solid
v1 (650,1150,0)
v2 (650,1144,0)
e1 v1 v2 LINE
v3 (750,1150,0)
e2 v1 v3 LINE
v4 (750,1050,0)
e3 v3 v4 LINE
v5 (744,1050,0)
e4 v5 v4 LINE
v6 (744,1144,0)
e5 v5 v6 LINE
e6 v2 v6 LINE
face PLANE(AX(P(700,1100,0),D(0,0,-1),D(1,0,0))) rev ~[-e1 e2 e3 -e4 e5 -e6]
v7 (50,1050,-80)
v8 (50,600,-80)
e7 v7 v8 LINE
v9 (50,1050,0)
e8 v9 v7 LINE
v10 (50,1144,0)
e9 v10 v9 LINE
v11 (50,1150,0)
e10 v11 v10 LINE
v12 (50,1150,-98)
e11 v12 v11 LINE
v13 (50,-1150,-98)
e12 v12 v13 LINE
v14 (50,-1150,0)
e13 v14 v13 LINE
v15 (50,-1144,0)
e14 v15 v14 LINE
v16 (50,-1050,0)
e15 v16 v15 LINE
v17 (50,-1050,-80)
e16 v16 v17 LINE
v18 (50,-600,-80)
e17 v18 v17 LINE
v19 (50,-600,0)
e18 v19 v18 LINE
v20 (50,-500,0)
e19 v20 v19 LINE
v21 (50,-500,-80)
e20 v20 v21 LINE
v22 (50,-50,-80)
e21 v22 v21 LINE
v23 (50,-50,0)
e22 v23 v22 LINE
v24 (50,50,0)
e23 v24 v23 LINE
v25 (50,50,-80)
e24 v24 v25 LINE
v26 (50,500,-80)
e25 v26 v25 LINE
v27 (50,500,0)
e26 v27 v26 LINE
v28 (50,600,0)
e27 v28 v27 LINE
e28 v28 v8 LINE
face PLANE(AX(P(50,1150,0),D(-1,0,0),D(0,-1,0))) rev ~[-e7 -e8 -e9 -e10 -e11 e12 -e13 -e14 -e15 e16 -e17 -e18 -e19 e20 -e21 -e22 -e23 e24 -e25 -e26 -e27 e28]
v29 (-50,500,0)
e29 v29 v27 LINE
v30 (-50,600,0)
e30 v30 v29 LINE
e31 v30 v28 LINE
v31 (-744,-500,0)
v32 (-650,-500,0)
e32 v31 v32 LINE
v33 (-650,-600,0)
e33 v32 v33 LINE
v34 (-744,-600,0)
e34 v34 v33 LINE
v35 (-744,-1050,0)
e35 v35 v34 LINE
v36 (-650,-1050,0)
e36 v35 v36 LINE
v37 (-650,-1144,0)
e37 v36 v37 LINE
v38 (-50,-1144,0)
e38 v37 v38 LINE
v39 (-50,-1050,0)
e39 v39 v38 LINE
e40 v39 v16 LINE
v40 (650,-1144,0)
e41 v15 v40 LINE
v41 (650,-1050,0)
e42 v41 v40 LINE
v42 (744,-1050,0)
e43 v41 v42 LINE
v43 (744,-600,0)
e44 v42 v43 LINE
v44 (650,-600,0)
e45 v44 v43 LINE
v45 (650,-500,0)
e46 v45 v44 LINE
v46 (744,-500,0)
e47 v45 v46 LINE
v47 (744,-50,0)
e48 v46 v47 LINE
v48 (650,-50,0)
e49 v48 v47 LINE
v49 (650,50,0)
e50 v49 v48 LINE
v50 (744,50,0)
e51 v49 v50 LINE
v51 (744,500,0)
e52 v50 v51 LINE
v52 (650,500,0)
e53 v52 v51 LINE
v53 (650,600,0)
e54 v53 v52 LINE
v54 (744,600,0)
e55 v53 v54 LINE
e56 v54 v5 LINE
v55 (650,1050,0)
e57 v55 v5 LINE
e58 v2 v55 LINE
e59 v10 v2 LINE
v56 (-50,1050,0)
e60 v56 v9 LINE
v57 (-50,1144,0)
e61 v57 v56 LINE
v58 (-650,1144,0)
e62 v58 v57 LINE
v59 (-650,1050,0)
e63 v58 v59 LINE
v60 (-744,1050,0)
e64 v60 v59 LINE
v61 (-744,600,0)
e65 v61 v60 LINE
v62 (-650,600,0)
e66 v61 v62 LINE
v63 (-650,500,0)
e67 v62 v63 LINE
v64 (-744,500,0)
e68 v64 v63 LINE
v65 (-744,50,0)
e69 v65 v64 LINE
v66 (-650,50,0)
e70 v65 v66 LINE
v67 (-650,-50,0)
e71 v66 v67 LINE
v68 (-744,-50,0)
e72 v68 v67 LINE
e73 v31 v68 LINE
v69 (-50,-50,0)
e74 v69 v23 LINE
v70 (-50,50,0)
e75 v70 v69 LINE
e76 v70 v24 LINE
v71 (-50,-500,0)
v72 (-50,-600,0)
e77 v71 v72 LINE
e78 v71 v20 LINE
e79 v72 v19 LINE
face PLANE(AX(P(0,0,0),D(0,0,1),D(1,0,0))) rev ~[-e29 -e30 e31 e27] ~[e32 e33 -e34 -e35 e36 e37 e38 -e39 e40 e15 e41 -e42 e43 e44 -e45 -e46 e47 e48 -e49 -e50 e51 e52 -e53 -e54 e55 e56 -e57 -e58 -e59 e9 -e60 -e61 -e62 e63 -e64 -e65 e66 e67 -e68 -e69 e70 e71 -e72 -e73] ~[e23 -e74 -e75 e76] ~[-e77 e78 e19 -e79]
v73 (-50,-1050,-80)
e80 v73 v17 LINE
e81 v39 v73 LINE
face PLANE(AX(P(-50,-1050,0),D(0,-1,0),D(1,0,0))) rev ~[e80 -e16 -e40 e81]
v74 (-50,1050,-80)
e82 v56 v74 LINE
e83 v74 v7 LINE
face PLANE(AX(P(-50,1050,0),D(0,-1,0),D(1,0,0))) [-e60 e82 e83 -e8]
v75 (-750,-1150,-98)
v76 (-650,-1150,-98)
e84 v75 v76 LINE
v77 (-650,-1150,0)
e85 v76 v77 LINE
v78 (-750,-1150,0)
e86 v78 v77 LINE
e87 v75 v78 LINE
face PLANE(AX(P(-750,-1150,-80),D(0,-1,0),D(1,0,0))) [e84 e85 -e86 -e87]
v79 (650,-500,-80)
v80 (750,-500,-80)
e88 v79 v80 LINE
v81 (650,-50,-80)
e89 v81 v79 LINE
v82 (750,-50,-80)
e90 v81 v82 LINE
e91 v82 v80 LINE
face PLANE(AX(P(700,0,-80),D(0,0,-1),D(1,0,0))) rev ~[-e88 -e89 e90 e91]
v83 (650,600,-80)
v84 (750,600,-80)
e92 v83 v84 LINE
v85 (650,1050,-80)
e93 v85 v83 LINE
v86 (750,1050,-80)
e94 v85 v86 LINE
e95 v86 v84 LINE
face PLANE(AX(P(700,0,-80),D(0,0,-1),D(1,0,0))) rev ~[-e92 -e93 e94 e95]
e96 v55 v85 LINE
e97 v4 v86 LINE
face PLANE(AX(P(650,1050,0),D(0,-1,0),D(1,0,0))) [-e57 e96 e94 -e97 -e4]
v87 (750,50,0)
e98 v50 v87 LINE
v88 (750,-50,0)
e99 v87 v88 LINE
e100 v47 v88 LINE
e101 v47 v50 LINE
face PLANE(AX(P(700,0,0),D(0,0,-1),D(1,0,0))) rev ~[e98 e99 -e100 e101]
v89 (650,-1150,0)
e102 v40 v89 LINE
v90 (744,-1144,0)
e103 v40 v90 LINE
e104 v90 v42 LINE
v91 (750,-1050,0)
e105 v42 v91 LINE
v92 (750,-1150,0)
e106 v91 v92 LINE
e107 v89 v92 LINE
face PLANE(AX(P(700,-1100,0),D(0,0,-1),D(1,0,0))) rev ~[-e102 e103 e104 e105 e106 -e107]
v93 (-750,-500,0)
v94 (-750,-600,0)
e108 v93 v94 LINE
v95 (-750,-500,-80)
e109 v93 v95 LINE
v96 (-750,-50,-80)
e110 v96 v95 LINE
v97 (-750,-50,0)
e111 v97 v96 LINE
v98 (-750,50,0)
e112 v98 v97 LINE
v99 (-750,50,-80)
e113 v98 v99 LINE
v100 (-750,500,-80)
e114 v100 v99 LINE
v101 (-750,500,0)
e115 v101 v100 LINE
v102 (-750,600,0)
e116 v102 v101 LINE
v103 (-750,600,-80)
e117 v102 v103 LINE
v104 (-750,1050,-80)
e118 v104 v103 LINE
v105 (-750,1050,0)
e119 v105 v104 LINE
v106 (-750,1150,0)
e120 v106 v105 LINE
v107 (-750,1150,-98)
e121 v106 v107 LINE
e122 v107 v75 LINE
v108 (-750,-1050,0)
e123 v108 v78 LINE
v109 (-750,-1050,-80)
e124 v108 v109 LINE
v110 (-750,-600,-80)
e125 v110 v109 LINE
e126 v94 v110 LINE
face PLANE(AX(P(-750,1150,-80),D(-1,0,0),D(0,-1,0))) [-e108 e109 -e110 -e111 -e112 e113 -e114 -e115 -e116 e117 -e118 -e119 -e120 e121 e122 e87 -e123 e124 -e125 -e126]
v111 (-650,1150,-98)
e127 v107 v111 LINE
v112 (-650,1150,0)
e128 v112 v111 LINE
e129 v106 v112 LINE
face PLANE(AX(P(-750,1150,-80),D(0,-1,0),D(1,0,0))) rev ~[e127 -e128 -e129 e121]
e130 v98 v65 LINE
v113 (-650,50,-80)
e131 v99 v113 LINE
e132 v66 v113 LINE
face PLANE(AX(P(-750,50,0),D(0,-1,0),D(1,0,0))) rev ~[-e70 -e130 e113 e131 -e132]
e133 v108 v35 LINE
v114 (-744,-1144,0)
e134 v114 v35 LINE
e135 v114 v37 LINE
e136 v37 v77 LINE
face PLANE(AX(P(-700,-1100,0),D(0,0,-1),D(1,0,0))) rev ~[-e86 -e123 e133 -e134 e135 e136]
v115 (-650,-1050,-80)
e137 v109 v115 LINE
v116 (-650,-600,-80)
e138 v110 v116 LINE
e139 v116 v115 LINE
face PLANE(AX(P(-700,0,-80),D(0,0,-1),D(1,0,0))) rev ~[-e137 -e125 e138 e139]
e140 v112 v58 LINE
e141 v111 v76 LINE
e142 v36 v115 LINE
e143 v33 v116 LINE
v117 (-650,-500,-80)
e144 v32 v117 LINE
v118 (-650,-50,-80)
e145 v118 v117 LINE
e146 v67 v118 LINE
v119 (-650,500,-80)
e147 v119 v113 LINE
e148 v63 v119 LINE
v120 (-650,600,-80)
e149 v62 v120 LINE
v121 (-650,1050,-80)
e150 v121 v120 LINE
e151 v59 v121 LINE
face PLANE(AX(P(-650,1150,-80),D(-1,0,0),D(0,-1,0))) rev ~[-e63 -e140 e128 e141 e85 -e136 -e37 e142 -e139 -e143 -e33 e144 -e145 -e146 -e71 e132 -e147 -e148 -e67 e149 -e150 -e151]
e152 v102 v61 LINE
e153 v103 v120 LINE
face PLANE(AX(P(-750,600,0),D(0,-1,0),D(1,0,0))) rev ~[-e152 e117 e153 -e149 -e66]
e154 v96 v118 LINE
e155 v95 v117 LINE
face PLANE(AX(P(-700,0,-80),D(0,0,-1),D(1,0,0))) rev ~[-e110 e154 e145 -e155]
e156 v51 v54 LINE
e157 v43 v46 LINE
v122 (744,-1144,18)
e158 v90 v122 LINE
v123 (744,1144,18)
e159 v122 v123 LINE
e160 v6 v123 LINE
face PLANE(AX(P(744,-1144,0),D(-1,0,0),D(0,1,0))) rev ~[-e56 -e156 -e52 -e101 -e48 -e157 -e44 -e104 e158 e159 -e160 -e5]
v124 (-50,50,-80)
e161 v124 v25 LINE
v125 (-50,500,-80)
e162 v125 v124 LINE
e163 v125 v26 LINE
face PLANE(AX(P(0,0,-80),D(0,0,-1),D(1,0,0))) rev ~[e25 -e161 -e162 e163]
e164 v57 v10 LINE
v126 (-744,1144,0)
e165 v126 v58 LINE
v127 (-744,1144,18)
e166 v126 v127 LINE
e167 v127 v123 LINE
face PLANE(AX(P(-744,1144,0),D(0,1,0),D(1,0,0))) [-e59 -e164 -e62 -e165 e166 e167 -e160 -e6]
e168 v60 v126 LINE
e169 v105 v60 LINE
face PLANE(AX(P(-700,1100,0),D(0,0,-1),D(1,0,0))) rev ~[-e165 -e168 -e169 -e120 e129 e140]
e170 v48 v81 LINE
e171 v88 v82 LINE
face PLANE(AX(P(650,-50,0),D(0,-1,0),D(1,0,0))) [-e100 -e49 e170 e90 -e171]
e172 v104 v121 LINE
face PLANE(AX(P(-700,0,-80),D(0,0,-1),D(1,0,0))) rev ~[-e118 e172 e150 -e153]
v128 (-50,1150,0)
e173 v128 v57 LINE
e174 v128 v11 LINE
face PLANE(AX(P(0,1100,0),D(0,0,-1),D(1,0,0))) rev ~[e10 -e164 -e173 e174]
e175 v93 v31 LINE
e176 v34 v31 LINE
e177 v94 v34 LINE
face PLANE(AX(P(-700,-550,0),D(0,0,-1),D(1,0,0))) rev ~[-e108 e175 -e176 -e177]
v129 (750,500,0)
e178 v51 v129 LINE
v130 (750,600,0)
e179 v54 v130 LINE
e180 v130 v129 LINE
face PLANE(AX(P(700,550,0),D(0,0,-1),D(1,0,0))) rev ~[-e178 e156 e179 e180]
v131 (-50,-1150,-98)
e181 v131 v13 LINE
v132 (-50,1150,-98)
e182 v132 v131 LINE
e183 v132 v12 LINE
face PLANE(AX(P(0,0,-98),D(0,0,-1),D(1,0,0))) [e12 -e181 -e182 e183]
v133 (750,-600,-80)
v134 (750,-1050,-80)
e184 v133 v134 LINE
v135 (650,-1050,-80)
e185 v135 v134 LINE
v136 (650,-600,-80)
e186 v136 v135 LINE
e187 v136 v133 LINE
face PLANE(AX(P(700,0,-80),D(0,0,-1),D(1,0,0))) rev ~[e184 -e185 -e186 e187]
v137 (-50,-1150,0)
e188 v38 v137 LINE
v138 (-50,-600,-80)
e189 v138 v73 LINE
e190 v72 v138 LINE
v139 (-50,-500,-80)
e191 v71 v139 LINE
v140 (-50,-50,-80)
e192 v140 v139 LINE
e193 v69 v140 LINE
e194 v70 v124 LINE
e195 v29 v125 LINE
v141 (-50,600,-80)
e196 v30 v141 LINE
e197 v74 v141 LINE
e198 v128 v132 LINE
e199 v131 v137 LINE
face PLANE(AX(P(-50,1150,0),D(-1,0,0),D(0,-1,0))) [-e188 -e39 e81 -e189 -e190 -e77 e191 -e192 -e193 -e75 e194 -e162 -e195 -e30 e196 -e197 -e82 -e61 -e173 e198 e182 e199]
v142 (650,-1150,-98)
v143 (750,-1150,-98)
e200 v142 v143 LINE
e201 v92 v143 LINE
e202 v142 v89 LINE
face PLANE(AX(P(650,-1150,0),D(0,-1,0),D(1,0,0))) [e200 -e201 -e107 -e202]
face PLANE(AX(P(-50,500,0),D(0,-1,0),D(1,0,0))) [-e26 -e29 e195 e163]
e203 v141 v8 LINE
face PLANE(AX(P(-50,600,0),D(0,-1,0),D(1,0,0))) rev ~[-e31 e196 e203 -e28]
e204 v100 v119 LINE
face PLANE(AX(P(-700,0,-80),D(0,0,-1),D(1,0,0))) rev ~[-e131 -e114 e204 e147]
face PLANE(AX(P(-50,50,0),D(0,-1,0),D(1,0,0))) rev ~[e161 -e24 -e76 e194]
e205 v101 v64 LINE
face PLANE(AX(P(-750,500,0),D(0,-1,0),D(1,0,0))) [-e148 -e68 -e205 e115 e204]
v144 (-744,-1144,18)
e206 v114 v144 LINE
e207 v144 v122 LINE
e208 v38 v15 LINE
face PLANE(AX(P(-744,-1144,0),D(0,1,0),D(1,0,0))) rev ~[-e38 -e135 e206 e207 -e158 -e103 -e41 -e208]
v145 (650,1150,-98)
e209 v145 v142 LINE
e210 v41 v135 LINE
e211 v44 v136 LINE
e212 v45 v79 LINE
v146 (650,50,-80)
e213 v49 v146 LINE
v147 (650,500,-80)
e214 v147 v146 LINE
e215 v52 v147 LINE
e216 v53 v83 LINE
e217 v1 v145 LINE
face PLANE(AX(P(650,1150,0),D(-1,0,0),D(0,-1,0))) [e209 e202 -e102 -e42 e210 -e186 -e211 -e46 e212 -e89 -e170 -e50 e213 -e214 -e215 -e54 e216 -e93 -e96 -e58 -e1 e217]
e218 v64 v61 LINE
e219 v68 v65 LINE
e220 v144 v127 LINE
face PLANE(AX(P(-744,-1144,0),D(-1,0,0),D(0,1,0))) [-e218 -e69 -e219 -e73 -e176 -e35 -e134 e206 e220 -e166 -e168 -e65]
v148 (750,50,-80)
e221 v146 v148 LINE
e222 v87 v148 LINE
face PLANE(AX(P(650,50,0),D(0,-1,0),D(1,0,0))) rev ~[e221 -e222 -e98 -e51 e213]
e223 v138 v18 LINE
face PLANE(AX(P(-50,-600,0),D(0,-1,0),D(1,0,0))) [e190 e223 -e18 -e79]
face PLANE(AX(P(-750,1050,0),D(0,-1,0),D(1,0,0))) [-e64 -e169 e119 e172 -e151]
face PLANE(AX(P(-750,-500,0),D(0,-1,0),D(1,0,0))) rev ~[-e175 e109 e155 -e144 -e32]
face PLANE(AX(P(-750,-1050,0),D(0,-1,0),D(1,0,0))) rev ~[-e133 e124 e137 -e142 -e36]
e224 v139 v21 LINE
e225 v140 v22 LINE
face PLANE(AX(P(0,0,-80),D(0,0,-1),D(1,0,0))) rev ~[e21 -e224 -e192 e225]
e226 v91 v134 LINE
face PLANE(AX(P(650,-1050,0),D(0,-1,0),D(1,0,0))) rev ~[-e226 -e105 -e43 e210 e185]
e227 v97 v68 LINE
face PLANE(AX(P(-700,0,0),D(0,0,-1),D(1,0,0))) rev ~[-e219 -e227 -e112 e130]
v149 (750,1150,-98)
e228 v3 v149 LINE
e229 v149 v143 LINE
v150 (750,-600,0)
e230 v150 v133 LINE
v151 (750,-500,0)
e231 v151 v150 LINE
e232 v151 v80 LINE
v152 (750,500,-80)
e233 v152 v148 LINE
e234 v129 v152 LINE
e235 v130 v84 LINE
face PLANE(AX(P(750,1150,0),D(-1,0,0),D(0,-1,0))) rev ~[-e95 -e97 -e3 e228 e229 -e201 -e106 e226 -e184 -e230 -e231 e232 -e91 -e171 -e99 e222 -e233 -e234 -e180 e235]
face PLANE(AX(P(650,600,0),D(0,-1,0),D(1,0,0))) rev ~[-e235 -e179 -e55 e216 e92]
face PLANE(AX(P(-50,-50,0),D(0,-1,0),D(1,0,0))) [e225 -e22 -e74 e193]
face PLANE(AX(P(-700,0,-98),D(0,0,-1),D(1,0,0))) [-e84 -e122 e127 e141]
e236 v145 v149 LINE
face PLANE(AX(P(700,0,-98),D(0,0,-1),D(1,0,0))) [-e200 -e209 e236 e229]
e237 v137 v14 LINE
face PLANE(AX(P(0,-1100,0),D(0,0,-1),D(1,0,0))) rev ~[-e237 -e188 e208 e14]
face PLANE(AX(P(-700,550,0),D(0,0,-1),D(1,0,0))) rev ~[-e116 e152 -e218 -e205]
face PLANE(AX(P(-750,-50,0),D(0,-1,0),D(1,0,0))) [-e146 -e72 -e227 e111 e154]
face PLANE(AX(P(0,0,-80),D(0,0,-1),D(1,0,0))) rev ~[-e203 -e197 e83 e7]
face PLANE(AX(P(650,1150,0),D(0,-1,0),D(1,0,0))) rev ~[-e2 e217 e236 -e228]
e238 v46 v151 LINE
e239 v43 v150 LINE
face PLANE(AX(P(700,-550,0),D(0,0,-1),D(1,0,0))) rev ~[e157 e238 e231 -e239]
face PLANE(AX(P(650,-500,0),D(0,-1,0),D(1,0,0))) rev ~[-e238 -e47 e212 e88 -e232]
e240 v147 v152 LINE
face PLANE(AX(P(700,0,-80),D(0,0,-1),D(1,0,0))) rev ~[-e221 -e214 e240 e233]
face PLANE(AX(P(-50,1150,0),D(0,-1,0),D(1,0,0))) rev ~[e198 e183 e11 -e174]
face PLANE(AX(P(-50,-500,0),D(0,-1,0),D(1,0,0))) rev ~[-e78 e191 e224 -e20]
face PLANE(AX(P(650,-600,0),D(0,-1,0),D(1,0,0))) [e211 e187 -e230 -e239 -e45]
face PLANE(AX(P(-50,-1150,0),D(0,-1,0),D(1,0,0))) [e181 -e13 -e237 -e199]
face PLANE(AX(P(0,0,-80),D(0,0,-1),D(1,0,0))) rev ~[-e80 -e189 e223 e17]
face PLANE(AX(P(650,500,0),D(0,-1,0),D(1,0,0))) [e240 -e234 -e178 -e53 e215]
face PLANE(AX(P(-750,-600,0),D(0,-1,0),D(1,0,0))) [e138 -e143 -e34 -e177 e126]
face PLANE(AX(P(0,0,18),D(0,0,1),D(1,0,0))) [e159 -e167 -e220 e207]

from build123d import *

# Parameters (mm, degrees)
F0_W     = 1488
F0_H     = 2288
F1_DEPTH = 18
F2_W     = 100
F2_H     = 100
F3_DEPTH = 80
F4_W     = 100
F4_H     = 2300
F5_DEPTH = 18


with BuildPart() as f1:
    # F0 (on Top) → F1 (new body)
    with BuildSketch(Plane.XY):
        Rectangle(F0_W, F0_H)
    extrude(amount=F1_DEPTH)

    # F2 (on face) → F3 (join)
    with BuildSketch(Plane(origin=(0, 0, 0), x_dir=(1, 0, 0), z_dir=(0, 0, -1))):
        with Locations((-700, 1100)):
            Rectangle(F2_W, F2_H)
        with Locations((-700, 550)):
            Rectangle(F2_W, F2_H)
        with Locations((-700, 0)):
            Rectangle(F2_W, F2_H)
        with Locations((-700, -550)):
            Rectangle(F2_W, F2_H)
        with Locations((-700, -1100)):
            Rectangle(F2_W, F2_H)
        with Locations((0, 1100)):
            Rectangle(F2_W, F2_H)
        with Locations((0, 550)):
            Rectangle(F2_W, F2_H)
        Rectangle(F2_W, F2_H)
        with Locations((0, -550)):
            Rectangle(F2_W, F2_H)
        with Locations((0, -1100)):
            Rectangle(F2_W, F2_H)
        with Locations((700, 1100)):
            Rectangle(F2_W, F2_H)
        with Locations((700, 550)):
            Rectangle(F2_W, F2_H)
        with Locations((700, 0)):
            Rectangle(F2_W, F2_H)
        with Locations((700, -550)):
            Rectangle(F2_W, F2_H)
        with Locations((700, -1100)):
            Rectangle(F2_W, F2_H)
    extrude(amount=F3_DEPTH)

    # F4 (on face) → F5 (join)
    with BuildSketch(Plane(origin=(0, 0, -80), x_dir=(1, 0, 0), z_dir=(0, 0, -1))):
        with Locations((-700, 0)):
            Rectangle(F4_W, F4_H)
        Rectangle(F4_W, F4_H)
        with Locations((700, 0)):
            Rectangle(F4_W, F4_H)
    extrude(amount=F5_DEPTH)


solid = f1.part
